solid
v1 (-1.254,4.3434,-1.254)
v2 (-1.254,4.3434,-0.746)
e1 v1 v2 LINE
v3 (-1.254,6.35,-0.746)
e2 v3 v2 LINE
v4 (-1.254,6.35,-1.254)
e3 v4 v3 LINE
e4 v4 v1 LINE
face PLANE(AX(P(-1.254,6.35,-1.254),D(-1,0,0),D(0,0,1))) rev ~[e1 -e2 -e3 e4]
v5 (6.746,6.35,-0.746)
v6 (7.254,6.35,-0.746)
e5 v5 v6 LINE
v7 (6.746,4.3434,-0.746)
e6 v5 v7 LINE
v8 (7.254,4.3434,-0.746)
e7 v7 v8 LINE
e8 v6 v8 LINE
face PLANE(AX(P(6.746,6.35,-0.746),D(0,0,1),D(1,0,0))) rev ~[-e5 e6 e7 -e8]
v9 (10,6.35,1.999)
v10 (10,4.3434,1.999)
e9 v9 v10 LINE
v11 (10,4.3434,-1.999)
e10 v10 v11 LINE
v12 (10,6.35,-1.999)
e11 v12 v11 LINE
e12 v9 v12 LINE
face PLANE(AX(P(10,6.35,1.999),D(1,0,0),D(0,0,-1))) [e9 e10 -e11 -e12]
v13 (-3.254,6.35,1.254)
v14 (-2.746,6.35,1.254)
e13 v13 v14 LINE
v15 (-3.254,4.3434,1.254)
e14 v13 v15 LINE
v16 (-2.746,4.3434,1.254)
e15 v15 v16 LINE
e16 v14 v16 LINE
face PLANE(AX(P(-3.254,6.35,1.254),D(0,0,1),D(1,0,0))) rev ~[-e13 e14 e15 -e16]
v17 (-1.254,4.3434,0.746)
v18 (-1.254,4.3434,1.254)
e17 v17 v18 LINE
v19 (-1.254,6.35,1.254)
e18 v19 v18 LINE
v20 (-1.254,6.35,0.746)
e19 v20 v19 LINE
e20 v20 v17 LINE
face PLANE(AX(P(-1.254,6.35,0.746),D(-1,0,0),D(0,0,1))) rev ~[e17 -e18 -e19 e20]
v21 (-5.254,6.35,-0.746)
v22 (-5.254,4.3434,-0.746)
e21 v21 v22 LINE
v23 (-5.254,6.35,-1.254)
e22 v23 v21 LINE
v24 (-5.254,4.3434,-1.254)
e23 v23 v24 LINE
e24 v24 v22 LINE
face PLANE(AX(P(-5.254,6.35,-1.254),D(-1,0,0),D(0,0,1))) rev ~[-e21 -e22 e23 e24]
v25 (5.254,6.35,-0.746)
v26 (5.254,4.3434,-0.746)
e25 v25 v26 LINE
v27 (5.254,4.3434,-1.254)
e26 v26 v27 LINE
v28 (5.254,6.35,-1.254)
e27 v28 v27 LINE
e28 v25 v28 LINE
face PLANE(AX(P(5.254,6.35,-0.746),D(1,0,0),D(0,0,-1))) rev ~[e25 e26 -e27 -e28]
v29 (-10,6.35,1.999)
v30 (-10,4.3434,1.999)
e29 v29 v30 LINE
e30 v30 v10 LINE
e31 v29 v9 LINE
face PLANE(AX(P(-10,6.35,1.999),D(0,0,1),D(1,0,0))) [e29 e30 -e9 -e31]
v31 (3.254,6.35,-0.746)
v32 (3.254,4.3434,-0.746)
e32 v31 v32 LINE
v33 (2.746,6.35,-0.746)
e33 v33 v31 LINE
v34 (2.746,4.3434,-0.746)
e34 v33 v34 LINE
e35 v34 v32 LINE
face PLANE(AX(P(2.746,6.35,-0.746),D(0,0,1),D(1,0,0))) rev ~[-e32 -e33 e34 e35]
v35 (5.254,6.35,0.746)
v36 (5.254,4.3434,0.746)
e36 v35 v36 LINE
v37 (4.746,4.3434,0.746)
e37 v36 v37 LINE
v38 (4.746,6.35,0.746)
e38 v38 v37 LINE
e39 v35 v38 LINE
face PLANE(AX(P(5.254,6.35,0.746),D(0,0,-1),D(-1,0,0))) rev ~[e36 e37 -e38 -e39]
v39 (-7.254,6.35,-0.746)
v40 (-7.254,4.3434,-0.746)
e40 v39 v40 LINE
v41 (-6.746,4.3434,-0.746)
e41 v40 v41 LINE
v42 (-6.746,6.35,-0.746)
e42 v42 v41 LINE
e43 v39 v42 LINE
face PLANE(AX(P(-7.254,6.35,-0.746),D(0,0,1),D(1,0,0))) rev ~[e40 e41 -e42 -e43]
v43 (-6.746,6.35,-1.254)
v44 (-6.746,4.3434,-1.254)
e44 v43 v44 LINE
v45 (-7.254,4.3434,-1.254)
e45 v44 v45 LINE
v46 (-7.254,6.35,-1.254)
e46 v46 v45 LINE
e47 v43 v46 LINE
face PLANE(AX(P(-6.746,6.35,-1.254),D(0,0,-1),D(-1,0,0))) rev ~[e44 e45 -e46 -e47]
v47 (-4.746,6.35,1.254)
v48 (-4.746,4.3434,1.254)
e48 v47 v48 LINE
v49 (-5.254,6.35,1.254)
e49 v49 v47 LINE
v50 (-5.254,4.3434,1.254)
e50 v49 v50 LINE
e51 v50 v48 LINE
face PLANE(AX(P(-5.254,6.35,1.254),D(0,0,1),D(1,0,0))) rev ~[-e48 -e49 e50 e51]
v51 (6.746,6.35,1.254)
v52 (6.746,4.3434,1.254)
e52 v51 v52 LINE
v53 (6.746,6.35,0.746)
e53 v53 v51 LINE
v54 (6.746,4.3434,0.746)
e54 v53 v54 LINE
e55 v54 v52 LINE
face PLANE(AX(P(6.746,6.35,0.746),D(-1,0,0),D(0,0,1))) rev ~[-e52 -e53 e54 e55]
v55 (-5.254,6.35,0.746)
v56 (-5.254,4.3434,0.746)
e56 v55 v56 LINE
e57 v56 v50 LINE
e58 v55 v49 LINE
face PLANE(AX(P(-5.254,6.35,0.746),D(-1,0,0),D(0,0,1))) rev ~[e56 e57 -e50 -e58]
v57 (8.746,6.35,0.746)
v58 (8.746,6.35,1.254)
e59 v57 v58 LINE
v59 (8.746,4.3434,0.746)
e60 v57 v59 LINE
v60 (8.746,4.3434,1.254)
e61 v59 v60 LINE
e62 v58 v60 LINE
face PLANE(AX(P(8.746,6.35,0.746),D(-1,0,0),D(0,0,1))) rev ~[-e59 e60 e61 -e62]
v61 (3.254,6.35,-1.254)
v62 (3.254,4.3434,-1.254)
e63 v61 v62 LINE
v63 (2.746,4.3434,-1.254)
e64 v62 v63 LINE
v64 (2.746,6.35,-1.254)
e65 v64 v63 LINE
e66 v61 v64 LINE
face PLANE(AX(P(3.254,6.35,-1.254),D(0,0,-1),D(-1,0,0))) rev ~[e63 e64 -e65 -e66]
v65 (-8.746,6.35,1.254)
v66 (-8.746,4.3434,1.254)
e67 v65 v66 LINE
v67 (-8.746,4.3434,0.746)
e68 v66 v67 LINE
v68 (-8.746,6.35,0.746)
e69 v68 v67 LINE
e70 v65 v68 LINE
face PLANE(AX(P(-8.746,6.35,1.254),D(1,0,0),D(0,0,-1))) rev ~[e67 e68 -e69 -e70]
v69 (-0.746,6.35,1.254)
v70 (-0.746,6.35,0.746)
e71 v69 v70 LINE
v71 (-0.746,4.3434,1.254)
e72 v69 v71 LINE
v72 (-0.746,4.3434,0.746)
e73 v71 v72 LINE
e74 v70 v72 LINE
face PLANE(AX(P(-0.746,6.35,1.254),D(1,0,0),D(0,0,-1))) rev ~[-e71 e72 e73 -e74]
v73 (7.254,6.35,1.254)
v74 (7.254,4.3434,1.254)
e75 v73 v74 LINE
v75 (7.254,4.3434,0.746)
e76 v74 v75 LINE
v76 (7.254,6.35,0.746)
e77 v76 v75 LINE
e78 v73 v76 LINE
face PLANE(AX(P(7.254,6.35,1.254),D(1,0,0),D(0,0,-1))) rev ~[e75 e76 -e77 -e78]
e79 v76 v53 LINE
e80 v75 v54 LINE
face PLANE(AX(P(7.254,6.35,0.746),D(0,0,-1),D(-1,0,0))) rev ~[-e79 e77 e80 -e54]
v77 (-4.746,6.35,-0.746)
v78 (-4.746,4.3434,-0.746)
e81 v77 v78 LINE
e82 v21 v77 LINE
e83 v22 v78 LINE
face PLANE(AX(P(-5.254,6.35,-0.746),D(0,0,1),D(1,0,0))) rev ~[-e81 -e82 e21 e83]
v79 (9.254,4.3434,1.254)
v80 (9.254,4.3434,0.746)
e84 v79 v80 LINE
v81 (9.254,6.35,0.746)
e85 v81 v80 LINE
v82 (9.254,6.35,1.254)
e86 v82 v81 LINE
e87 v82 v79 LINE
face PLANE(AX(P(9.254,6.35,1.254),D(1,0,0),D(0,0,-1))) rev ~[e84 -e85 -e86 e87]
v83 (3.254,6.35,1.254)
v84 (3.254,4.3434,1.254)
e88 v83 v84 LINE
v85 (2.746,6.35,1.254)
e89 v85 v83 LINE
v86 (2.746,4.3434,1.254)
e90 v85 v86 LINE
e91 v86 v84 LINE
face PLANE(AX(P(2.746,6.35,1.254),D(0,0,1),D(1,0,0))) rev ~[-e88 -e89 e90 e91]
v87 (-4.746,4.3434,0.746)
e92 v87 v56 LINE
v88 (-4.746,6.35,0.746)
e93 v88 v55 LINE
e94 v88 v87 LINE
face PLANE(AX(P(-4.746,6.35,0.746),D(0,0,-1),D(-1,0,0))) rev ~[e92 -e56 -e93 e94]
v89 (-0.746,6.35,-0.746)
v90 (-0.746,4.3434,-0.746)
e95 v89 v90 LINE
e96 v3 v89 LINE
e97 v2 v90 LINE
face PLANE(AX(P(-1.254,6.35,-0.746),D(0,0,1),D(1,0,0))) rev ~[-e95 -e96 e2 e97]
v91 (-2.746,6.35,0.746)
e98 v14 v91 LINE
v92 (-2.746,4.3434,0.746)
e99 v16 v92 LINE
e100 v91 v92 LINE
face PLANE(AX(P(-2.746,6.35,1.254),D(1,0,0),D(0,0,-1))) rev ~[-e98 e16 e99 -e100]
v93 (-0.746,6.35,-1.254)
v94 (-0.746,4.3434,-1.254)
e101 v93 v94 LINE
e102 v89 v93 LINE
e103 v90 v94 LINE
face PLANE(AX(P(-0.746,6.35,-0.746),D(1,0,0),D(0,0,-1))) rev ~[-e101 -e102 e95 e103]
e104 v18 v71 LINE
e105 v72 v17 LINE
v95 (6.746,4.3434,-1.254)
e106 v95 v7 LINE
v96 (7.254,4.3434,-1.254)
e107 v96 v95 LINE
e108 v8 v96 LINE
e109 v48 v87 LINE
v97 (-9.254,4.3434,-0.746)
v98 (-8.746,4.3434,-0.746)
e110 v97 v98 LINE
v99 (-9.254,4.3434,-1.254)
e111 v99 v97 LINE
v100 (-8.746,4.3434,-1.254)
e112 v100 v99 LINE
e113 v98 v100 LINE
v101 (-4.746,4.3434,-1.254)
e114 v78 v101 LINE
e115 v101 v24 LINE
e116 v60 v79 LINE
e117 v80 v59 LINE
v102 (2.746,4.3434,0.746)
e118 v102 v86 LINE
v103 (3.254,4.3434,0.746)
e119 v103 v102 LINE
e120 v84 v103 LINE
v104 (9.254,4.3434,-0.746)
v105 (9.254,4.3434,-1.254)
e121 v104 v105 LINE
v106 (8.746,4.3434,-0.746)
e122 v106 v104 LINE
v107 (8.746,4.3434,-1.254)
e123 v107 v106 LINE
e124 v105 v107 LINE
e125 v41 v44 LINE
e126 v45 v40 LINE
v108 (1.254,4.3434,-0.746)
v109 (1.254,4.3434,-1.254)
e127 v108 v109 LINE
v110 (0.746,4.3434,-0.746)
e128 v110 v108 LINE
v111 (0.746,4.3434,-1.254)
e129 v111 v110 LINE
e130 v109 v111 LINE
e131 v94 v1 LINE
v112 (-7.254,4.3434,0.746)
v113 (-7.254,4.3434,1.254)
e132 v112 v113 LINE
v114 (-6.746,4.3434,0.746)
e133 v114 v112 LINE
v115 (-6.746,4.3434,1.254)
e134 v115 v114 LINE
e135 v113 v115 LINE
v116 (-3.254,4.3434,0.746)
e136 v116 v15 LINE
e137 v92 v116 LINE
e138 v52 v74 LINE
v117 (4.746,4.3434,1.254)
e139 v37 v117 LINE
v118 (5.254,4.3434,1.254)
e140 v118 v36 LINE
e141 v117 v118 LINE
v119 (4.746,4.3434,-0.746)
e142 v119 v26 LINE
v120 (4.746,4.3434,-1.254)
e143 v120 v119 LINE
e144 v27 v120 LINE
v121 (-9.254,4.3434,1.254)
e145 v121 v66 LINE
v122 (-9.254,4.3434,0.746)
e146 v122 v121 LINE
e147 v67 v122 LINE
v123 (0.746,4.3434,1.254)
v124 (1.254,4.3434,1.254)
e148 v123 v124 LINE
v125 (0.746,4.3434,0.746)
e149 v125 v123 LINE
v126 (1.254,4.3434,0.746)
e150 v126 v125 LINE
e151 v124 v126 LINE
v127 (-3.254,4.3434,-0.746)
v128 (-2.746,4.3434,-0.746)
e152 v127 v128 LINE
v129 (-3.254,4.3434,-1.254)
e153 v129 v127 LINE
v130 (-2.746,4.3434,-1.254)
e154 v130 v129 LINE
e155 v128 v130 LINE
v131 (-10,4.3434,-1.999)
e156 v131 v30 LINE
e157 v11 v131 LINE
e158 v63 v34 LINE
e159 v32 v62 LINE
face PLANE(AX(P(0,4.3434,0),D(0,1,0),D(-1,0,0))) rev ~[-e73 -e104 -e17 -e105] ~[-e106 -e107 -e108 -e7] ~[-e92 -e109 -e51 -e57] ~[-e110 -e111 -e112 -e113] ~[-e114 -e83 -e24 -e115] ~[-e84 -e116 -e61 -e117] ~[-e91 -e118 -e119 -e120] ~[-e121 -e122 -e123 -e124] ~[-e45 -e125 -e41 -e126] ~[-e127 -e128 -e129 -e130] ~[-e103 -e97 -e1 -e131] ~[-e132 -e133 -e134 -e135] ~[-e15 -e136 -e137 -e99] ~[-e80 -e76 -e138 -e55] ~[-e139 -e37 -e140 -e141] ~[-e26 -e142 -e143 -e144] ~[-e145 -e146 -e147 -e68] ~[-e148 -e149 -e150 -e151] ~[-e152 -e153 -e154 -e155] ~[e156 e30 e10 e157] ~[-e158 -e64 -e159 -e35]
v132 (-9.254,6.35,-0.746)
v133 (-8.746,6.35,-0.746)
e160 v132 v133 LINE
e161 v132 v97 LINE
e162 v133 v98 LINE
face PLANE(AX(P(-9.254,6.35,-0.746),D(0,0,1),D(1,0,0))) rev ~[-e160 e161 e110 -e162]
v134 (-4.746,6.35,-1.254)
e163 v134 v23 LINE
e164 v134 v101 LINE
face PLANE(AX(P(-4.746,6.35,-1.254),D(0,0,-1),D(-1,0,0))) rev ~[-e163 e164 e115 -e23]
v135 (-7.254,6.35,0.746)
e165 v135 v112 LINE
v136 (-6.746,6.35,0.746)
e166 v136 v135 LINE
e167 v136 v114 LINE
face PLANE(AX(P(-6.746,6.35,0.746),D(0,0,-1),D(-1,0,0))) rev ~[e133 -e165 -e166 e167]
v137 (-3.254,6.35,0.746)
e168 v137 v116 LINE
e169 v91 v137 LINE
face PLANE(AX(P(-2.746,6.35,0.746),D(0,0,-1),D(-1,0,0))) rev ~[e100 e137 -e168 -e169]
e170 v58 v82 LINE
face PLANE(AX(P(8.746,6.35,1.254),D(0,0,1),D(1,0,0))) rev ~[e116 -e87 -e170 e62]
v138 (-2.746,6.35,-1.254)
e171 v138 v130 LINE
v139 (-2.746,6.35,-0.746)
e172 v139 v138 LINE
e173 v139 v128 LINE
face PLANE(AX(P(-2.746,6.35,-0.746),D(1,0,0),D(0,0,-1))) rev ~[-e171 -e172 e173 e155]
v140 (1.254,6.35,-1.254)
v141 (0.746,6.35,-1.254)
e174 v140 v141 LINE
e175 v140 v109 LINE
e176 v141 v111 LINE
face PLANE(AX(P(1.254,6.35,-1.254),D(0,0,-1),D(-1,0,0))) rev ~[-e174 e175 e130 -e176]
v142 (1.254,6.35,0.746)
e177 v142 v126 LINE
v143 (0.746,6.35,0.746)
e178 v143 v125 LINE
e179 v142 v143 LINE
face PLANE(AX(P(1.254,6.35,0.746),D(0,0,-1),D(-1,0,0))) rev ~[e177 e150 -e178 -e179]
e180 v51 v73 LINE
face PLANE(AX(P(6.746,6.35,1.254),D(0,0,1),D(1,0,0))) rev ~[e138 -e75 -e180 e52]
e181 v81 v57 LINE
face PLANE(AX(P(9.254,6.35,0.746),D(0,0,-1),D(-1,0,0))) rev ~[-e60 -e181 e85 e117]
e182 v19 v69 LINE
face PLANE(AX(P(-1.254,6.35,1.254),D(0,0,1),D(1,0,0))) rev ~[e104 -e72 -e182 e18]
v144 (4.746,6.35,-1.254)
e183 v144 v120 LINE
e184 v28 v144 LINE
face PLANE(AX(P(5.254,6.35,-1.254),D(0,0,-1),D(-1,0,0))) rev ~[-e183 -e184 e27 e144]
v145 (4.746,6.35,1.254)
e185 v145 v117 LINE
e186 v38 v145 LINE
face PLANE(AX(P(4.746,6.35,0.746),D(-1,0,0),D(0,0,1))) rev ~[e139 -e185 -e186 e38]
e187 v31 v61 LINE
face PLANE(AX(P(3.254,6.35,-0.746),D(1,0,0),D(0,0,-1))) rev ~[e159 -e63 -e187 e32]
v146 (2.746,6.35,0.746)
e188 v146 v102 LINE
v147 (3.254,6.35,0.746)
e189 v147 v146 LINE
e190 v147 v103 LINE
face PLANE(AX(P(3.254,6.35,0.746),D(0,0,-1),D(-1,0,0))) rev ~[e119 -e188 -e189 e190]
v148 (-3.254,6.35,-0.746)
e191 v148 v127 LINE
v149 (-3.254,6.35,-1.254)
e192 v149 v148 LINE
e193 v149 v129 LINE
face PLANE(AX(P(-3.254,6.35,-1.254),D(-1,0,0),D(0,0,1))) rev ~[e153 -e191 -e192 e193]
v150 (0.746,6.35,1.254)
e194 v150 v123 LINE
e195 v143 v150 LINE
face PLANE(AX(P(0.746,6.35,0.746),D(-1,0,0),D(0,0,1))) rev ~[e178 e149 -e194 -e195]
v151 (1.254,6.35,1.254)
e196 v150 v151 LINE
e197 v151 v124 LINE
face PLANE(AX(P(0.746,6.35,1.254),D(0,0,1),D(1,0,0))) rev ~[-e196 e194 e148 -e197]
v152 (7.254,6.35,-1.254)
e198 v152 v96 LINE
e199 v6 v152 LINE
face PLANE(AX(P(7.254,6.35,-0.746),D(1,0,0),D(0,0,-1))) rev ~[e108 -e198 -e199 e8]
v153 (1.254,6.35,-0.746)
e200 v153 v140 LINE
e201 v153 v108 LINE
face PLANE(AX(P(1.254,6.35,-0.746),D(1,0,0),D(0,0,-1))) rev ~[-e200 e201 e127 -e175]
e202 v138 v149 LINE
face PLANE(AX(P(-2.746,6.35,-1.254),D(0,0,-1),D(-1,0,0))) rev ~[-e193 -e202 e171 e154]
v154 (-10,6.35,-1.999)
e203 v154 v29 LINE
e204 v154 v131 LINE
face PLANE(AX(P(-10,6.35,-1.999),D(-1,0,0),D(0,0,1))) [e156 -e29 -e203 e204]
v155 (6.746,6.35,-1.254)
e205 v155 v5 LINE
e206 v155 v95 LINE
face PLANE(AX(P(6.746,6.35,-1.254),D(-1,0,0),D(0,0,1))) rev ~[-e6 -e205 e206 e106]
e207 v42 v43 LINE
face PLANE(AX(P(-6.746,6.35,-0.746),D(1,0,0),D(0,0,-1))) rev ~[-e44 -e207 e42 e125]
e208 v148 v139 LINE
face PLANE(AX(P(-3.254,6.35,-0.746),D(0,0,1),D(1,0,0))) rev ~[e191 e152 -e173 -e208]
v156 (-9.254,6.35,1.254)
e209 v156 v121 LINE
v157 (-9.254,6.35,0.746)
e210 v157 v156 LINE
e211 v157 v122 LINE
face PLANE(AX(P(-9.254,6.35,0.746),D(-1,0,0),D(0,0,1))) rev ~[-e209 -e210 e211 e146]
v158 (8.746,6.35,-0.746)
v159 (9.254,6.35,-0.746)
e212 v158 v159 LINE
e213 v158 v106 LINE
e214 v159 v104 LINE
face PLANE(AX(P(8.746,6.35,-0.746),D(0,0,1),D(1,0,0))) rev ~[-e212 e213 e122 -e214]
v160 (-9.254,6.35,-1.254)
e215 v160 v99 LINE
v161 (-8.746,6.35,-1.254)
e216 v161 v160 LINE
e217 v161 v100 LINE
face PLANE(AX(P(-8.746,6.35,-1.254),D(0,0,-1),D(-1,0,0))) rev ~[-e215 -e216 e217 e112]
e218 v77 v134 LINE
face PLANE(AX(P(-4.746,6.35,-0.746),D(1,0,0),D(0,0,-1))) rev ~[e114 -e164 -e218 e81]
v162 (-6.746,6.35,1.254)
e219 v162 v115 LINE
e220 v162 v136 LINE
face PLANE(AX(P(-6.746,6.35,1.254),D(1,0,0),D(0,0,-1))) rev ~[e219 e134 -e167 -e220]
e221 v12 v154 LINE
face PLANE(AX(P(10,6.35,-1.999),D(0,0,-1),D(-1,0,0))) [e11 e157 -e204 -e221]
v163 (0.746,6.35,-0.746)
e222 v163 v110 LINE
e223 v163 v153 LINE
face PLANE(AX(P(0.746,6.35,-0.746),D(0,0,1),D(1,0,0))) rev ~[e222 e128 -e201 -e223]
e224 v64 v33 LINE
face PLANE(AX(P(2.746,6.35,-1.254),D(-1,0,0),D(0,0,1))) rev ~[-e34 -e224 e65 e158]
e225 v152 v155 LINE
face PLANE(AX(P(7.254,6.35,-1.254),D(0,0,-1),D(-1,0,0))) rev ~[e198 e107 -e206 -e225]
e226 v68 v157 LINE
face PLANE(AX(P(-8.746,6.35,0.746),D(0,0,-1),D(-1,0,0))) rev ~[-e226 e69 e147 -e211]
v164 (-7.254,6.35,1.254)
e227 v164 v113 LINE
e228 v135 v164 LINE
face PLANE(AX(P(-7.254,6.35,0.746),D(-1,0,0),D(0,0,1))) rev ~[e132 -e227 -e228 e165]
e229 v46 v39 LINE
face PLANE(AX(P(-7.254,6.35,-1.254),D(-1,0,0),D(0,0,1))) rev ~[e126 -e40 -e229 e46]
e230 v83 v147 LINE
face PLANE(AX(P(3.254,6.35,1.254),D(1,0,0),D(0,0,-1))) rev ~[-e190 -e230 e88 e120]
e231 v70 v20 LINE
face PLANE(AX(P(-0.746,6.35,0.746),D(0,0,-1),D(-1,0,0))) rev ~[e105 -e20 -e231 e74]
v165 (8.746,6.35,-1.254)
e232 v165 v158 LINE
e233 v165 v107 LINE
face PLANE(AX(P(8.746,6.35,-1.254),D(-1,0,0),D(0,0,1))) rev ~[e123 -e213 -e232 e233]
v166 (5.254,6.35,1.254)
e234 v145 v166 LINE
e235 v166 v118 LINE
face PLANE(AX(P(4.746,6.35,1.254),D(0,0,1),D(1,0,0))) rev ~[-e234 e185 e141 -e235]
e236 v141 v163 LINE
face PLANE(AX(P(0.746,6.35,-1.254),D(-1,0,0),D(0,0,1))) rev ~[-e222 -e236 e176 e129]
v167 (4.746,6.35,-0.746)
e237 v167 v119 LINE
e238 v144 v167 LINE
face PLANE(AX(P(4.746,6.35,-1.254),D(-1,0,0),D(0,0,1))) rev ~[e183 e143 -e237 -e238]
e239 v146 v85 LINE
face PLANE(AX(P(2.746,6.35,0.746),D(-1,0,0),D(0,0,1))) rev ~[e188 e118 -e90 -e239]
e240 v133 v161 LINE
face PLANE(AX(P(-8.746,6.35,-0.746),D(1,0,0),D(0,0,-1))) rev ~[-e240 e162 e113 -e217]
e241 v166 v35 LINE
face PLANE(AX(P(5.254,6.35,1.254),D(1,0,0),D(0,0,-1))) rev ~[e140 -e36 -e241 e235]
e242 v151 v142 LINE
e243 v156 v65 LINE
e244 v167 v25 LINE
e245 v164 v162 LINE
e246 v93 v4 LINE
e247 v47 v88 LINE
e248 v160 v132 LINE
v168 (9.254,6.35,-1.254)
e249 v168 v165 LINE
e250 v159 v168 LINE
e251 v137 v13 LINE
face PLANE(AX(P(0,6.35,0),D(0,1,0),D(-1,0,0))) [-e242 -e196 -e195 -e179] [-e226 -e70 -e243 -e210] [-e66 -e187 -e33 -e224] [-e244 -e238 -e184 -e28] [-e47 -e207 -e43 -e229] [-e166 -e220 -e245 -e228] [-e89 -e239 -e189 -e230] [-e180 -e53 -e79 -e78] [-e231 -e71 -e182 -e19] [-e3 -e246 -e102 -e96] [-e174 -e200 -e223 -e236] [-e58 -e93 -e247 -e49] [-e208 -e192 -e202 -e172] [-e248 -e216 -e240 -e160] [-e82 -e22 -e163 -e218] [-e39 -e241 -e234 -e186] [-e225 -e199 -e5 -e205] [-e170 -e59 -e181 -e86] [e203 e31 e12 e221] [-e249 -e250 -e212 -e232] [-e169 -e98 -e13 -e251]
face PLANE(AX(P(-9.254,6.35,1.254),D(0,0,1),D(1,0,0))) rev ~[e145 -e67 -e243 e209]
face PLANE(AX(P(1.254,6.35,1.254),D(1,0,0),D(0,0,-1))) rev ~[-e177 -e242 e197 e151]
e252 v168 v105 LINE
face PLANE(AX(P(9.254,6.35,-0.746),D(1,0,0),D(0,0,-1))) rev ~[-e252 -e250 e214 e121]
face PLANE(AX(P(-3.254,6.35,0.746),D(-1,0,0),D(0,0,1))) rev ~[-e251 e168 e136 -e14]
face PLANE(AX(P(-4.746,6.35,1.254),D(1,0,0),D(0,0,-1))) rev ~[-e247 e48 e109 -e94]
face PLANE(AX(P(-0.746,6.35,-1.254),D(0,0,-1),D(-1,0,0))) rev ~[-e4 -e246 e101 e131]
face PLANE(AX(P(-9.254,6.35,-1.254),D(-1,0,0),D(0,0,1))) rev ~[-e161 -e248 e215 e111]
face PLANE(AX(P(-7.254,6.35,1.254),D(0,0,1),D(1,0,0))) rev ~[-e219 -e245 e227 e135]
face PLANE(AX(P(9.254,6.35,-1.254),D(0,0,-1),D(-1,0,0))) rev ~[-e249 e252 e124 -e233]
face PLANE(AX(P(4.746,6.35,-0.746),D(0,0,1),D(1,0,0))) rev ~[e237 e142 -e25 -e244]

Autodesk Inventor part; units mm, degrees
sketch "Sketch3" plane through (0, 6.35, 0) normal (0, 1, 0) x (-1, 0, 0)
  line L0 (-10, -1.999) -> (10, -1.999)
  line L1 (10, -1.999) -> (10, 1.999)
  line L2 (10, 1.999) -> (-10, 1.999)
  line L3 (-10, 1.999) -> (-10, -1.999)
  line L4 (8.746, 0.746) -> (9.254, 0.746)
  line L5 (9.254, 0.746) -> (9.254, 1.254)
  line L6 (9.254, 1.254) -> (8.746, 1.254)
  line L7 (8.746, 1.254) -> (8.746, 0.746)
  line L8 (8.746, -1.254) -> (9.254, -1.254)
  line L9 (9.254, -1.254) -> (9.254, -0.746)
  line L10 (9.254, -0.746) -> (8.746, -0.746)
  line L11 (8.746, -0.746) -> (8.746, -1.254)
  line L12 (6.746, 0.746) -> (7.254, 0.746)
  line L13 (7.254, 0.746) -> (7.254, 1.254)
  line L14 (7.254, 1.254) -> (6.746, 1.254)
  line L15 (6.746, 1.254) -> (6.746, 0.746)
  line L16 (6.746, -1.254) -> (7.254, -1.254)
  line L17 (7.254, -1.254) -> (7.254, -0.746)
  line L18 (7.254, -0.746) -> (6.746, -0.746)
  line L19 (6.746, -0.746) -> (6.746, -1.254)
  line L20 (4.746, 0.746) -> (5.254, 0.746)
  line L21 (5.254, 0.746) -> (5.254, 1.254)
  line L22 (5.254, 1.254) -> (4.746, 1.254)
  line L23 (4.746, 1.254) -> (4.746, 0.746)
  line L24 (4.746, -1.254) -> (5.254, -1.254)
  line L25 (5.254, -1.254) -> (5.254, -0.746)
  line L26 (5.254, -0.746) -> (4.746, -0.746)
  line L27 (4.746, -0.746) -> (4.746, -1.254)
  line L28 (2.746, 0.746) -> (3.254, 0.746)
  line L29 (3.254, 0.746) -> (3.254, 1.254)
  line L30 (3.254, 1.254) -> (2.746, 1.254)
  line L31 (2.746, 1.254) -> (2.746, 0.746)
  line L32 (2.746, -1.254) -> (3.254, -1.254)
  line L33 (3.254, -1.254) -> (3.254, -0.746)
  line L34 (3.254, -0.746) -> (2.746, -0.746)
  line L35 (2.746, -0.746) -> (2.746, -1.254)
  line L36 (0.746, 0.746) -> (1.254, 0.746)
  line L37 (1.254, 0.746) -> (1.254, 1.254)
  line L38 (1.254, 1.254) -> (0.746, 1.254)
  line L39 (0.746, 1.254) -> (0.746, 0.746)
  line L40 (0.746, -1.254) -> (1.254, -1.254)
  line L41 (1.254, -1.254) -> (1.254, -0.746)
  line L42 (1.254, -0.746) -> (0.746, -0.746)
  line L43 (0.746, -0.746) -> (0.746, -1.254)
  line L44 (-1.254, 0.746) -> (-0.746, 0.746)
  line L45 (-0.746, 0.746) -> (-0.746, 1.254)
  line L46 (-0.746, 1.254) -> (-1.254, 1.254)
  line L47 (-1.254, 1.254) -> (-1.254, 0.746)
  line L48 (-1.254, -1.254) -> (-0.746, -1.254)
  line L49 (-0.746, -1.254) -> (-0.746, -0.746)
  line L50 (-0.746, -0.746) -> (-1.254, -0.746)
  line L51 (-1.254, -0.746) -> (-1.254, -1.254)
  line L52 (-3.254, 0.746) -> (-2.746, 0.746)
  line L53 (-2.746, 0.746) -> (-2.746, 1.254)
  line L54 (-2.746, 1.254) -> (-3.254, 1.254)
  line L55 (-3.254, 1.254) -> (-3.254, 0.746)
  line L56 (-3.254, -1.254) -> (-2.746, -1.254)
  line L57 (-2.746, -1.254) -> (-2.746, -0.746)
  line L58 (-2.746, -0.746) -> (-3.254, -0.746)
  line L59 (-3.254, -0.746) -> (-3.254, -1.254)
  line L60 (-5.254, 0.746) -> (-4.746, 0.746)
  line L61 (-4.746, 0.746) -> (-4.746, 1.254)
  line L62 (-4.746, 1.254) -> (-5.254, 1.254)
  line L63 (-5.254, 1.254) -> (-5.254, 0.746)
  line L64 (-5.254, -1.254) -> (-4.746, -1.254)
  line L65 (-4.746, -1.254) -> (-4.746, -0.746)
  line L66 (-4.746, -0.746) -> (-5.254, -0.746)
  line L67 (-5.254, -0.746) -> (-5.254, -1.254)
  line L68 (-7.254, 0.746) -> (-6.746, 0.746)
  line L69 (-6.746, 0.746) -> (-6.746, 1.254)
  line L70 (-6.746, 1.254) -> (-7.254, 1.254)
  line L71 (-7.254, 1.254) -> (-7.254, 0.746)
  line L72 (-7.254, -1.254) -> (-6.746, -1.254)
  line L73 (-6.746, -1.254) -> (-6.746, -0.746)
  line L74 (-6.746, -0.746) -> (-7.254, -0.746)
  line L75 (-7.254, -0.746) -> (-7.254, -1.254)
  line L76 (-9.254, 0.746) -> (-8.746, 0.746)
  line L77 (-8.746, 0.746) -> (-8.746, 1.254)
  line L78 (-8.746, 1.254) -> (-9.254, 1.254)
  line L79 (-9.254, 1.254) -> (-9.254, 0.746)
  line L80 (-9.254, -1.254) -> (-8.746, -1.254)
  line L81 (-8.746, -1.254) -> (-8.746, -0.746)
  line L82 (-8.746, -0.746) -> (-9.254, -0.746)
  line L83 (-9.254, -0.746) -> (-9.254, -1.254)
extrude "Extrusion1" add sketch "Sketch3" against normal blind 2.0066
ref_plane "0_XY" through (0, 0, 0) normal (0, 1, 0) x (1, 0, 0)
ref_plane "0_YZ" through (0, 0, 0) normal (1, 0, 0) x (0, 0, -1)
ref_plane "0_ZX" through (0, 0, 0) normal (0, 0, -1) x (0, 1, 0)
properties part number "TB2TW-10-11-T-D-250-080"
